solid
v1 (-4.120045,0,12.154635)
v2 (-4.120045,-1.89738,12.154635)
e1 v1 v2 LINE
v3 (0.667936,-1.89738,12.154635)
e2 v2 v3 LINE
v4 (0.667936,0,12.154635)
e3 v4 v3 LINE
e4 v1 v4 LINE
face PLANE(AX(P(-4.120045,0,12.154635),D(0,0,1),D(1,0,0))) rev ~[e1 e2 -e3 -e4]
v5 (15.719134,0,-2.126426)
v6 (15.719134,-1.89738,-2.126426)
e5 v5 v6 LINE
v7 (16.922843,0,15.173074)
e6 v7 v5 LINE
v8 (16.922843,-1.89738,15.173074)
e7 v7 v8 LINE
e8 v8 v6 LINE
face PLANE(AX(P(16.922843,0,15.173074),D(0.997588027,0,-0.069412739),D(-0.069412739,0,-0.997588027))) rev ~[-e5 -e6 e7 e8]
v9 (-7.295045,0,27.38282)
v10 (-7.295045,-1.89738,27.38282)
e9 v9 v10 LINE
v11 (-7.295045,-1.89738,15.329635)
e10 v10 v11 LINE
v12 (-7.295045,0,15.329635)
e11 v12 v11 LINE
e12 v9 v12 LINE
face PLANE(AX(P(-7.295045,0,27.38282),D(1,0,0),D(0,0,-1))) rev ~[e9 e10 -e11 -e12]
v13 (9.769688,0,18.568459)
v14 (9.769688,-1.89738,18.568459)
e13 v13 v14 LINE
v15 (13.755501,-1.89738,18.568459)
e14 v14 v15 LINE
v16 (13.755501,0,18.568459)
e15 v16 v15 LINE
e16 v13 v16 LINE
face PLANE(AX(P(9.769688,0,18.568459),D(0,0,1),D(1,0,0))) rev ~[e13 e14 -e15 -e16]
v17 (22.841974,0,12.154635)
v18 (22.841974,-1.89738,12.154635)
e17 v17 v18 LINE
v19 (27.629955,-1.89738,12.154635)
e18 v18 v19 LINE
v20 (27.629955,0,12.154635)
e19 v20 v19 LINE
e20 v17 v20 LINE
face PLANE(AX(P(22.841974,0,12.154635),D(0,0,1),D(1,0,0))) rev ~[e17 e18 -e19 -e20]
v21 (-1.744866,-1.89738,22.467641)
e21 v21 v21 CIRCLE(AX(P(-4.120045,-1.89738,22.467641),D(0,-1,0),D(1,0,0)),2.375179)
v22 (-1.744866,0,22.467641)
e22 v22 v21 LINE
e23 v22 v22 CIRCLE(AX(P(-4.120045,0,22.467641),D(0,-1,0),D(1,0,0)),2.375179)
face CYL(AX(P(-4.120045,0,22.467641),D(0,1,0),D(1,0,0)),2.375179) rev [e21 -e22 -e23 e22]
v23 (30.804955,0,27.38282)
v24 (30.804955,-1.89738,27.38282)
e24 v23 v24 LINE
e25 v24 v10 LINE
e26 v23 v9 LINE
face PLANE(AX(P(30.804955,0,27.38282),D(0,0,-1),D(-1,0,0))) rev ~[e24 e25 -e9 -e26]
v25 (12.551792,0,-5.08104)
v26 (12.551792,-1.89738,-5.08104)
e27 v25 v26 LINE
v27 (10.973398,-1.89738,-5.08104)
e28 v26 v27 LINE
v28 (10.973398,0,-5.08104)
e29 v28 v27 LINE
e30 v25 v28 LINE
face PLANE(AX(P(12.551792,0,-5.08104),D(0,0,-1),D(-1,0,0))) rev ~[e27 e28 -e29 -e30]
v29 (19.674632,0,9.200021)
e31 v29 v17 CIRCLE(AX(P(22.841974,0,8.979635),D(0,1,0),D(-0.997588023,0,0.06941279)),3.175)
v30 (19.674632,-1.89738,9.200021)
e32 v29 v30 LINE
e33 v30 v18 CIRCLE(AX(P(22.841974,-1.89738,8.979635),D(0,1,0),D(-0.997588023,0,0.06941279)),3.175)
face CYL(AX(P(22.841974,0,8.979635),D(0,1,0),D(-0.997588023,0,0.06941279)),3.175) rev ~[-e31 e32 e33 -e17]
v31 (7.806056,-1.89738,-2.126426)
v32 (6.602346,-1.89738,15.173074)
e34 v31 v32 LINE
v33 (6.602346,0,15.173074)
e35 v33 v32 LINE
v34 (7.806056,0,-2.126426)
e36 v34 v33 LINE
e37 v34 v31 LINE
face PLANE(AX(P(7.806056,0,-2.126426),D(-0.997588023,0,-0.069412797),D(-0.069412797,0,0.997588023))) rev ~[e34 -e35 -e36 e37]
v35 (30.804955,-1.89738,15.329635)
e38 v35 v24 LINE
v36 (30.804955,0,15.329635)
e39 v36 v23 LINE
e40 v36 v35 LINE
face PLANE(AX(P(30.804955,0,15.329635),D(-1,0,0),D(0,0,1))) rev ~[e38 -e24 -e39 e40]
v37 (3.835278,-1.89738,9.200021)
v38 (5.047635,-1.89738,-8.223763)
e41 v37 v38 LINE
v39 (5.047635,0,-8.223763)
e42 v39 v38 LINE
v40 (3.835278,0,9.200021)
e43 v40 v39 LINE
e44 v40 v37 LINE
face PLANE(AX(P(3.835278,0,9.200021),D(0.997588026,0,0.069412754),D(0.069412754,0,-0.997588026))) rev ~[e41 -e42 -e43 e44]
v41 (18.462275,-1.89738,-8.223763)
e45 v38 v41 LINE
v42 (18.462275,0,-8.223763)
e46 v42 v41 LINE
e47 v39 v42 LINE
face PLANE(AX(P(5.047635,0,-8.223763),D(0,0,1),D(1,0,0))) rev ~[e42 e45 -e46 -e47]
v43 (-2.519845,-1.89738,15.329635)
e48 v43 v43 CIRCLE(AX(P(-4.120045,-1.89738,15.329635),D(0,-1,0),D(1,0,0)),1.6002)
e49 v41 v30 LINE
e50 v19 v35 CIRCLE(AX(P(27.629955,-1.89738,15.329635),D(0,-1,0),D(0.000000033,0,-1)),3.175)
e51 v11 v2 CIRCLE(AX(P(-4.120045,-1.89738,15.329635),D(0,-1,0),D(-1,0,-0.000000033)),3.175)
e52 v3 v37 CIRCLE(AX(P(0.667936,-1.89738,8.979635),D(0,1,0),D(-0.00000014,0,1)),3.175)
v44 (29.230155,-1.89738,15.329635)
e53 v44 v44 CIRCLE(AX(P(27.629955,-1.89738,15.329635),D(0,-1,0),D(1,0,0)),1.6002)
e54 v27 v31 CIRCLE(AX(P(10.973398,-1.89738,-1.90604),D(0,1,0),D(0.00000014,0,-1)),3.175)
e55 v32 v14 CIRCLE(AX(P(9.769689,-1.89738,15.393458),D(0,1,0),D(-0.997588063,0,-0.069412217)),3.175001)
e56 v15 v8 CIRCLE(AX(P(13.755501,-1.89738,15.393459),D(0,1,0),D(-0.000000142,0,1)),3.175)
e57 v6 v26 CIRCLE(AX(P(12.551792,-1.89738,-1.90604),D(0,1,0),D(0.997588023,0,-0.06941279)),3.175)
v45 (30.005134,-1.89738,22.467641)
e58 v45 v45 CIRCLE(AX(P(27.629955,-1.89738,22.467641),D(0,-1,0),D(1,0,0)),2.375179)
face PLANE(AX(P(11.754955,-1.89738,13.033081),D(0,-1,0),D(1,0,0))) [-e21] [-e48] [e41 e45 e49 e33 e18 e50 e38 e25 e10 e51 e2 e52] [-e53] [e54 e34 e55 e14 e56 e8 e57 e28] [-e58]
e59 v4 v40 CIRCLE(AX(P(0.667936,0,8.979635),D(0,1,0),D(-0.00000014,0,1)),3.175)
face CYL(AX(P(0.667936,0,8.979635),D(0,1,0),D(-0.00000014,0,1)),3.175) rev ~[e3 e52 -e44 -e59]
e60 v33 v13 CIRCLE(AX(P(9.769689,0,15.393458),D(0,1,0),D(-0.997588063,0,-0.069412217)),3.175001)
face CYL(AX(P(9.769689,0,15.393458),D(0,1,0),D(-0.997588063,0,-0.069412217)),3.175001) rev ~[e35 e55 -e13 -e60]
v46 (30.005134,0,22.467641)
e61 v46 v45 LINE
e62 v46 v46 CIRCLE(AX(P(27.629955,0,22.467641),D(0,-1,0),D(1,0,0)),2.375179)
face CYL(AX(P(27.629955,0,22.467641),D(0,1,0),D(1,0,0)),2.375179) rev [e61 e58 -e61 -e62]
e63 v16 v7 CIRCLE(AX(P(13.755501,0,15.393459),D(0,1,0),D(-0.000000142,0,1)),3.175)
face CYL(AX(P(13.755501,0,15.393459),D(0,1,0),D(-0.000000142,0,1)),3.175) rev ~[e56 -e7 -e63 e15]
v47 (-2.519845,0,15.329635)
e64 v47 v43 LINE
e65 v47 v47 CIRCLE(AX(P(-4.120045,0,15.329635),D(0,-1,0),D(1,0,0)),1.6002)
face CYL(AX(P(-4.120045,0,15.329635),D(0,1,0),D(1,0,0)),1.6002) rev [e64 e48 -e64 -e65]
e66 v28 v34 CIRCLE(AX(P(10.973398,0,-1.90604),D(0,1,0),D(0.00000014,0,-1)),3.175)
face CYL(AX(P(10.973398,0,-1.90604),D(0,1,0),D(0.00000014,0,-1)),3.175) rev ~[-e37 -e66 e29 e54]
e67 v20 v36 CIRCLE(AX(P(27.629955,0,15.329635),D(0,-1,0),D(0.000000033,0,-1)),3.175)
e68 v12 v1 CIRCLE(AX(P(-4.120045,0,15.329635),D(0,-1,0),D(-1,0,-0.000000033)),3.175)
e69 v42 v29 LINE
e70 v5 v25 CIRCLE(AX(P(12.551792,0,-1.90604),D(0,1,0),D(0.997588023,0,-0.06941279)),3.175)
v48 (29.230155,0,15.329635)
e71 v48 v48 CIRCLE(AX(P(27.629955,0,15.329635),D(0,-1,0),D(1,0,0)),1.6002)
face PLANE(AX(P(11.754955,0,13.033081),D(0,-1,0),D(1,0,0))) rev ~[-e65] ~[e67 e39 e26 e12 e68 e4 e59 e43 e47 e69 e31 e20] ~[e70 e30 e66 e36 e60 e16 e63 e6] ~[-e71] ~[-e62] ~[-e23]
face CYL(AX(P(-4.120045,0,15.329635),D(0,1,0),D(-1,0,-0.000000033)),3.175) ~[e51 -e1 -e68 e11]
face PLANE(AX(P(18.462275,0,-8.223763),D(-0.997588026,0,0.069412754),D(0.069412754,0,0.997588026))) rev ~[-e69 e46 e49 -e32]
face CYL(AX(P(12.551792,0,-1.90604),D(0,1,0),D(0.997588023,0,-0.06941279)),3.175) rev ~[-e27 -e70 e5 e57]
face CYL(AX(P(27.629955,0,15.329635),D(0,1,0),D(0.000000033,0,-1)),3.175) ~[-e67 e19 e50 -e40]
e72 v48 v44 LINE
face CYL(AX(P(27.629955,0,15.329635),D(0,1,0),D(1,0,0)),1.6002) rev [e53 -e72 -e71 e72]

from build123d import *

# Parameters (mm, degrees)
F0_R     = 1.6002
F0_R_2   = 2.375179
F1_DEPTH = 1.89738


with BuildPart() as f1:
    # F0 (on Front) → F1 (new body)
    with BuildSketch(Plane.XZ):
        with BuildLine():
            Line((30.804955, 27.38282), (-7.295045, 27.38282))
            Line((-7.295045, 27.38282), (-7.295045, 15.329635))
            ThreePointArc((-7.295045, 15.329635), (-6.365109, 13.084571), (-4.120045, 12.154635))
            Line((-4.120045, 12.154635), (0.667936, 12.154635))
            ThreePointArc((0.667936, 12.154635), (2.833681, 11.30131), (3.835278, 9.200021))
            Line((3.835278, 9.200021), (5.047635, -8.223763))
            Line((5.047635, -8.223763), (18.462275, -8.223763))
            Line((18.462275, -8.223763), (19.674632, 9.200021))
            ThreePointArc((19.674632, 9.200021), (20.676229, 11.30131), (22.841974, 12.154635))
            Line((22.841974, 12.154635), (27.629955, 12.154635))
            ThreePointArc((27.629955, 12.154635), (29.875019, 13.084571), (30.804955, 15.329635))
            Line((30.804955, 15.329635), (30.804955, 27.38282))
        make_face()
        with BuildLine():
            ThreePointArc((10.973398, -5.08104), (8.807653, -4.227715), (7.806056, -2.126426))
            Line((7.806056, -2.126426), (6.602346, 15.173074))
            ThreePointArc((6.602346, 15.173074), (7.448014, 17.559204), (9.769688, 18.568459))
            Line((9.769688, 18.568459), (13.755501, 18.568459))
            ThreePointArc((13.755501, 18.568459), (16.077176, 17.559204), (16.922843, 15.173074))
            Line((16.922843, 15.173074), (15.719134, -2.126426))
            ThreePointArc((15.719134, -2.126426), (14.717537, -4.227715), (12.551792, -5.08104))
            Line((12.551792, -5.08104), (10.973398, -5.08104))
        make_face(mode=Mode.SUBTRACT)
        with Locations((-4.120045, 15.329635)):
            Circle(F0_R, mode=Mode.SUBTRACT)
        with Locations((-4.120045, 22.467641)):
            Circle(F0_R_2, mode=Mode.SUBTRACT)
        with Locations((27.629955, 15.329635)):
            Circle(F0_R, mode=Mode.SUBTRACT)
        with Locations((27.629955, 22.467641)):
            Circle(F0_R_2, mode=Mode.SUBTRACT)
    extrude(amount=F1_DEPTH)


solid = f1.part
